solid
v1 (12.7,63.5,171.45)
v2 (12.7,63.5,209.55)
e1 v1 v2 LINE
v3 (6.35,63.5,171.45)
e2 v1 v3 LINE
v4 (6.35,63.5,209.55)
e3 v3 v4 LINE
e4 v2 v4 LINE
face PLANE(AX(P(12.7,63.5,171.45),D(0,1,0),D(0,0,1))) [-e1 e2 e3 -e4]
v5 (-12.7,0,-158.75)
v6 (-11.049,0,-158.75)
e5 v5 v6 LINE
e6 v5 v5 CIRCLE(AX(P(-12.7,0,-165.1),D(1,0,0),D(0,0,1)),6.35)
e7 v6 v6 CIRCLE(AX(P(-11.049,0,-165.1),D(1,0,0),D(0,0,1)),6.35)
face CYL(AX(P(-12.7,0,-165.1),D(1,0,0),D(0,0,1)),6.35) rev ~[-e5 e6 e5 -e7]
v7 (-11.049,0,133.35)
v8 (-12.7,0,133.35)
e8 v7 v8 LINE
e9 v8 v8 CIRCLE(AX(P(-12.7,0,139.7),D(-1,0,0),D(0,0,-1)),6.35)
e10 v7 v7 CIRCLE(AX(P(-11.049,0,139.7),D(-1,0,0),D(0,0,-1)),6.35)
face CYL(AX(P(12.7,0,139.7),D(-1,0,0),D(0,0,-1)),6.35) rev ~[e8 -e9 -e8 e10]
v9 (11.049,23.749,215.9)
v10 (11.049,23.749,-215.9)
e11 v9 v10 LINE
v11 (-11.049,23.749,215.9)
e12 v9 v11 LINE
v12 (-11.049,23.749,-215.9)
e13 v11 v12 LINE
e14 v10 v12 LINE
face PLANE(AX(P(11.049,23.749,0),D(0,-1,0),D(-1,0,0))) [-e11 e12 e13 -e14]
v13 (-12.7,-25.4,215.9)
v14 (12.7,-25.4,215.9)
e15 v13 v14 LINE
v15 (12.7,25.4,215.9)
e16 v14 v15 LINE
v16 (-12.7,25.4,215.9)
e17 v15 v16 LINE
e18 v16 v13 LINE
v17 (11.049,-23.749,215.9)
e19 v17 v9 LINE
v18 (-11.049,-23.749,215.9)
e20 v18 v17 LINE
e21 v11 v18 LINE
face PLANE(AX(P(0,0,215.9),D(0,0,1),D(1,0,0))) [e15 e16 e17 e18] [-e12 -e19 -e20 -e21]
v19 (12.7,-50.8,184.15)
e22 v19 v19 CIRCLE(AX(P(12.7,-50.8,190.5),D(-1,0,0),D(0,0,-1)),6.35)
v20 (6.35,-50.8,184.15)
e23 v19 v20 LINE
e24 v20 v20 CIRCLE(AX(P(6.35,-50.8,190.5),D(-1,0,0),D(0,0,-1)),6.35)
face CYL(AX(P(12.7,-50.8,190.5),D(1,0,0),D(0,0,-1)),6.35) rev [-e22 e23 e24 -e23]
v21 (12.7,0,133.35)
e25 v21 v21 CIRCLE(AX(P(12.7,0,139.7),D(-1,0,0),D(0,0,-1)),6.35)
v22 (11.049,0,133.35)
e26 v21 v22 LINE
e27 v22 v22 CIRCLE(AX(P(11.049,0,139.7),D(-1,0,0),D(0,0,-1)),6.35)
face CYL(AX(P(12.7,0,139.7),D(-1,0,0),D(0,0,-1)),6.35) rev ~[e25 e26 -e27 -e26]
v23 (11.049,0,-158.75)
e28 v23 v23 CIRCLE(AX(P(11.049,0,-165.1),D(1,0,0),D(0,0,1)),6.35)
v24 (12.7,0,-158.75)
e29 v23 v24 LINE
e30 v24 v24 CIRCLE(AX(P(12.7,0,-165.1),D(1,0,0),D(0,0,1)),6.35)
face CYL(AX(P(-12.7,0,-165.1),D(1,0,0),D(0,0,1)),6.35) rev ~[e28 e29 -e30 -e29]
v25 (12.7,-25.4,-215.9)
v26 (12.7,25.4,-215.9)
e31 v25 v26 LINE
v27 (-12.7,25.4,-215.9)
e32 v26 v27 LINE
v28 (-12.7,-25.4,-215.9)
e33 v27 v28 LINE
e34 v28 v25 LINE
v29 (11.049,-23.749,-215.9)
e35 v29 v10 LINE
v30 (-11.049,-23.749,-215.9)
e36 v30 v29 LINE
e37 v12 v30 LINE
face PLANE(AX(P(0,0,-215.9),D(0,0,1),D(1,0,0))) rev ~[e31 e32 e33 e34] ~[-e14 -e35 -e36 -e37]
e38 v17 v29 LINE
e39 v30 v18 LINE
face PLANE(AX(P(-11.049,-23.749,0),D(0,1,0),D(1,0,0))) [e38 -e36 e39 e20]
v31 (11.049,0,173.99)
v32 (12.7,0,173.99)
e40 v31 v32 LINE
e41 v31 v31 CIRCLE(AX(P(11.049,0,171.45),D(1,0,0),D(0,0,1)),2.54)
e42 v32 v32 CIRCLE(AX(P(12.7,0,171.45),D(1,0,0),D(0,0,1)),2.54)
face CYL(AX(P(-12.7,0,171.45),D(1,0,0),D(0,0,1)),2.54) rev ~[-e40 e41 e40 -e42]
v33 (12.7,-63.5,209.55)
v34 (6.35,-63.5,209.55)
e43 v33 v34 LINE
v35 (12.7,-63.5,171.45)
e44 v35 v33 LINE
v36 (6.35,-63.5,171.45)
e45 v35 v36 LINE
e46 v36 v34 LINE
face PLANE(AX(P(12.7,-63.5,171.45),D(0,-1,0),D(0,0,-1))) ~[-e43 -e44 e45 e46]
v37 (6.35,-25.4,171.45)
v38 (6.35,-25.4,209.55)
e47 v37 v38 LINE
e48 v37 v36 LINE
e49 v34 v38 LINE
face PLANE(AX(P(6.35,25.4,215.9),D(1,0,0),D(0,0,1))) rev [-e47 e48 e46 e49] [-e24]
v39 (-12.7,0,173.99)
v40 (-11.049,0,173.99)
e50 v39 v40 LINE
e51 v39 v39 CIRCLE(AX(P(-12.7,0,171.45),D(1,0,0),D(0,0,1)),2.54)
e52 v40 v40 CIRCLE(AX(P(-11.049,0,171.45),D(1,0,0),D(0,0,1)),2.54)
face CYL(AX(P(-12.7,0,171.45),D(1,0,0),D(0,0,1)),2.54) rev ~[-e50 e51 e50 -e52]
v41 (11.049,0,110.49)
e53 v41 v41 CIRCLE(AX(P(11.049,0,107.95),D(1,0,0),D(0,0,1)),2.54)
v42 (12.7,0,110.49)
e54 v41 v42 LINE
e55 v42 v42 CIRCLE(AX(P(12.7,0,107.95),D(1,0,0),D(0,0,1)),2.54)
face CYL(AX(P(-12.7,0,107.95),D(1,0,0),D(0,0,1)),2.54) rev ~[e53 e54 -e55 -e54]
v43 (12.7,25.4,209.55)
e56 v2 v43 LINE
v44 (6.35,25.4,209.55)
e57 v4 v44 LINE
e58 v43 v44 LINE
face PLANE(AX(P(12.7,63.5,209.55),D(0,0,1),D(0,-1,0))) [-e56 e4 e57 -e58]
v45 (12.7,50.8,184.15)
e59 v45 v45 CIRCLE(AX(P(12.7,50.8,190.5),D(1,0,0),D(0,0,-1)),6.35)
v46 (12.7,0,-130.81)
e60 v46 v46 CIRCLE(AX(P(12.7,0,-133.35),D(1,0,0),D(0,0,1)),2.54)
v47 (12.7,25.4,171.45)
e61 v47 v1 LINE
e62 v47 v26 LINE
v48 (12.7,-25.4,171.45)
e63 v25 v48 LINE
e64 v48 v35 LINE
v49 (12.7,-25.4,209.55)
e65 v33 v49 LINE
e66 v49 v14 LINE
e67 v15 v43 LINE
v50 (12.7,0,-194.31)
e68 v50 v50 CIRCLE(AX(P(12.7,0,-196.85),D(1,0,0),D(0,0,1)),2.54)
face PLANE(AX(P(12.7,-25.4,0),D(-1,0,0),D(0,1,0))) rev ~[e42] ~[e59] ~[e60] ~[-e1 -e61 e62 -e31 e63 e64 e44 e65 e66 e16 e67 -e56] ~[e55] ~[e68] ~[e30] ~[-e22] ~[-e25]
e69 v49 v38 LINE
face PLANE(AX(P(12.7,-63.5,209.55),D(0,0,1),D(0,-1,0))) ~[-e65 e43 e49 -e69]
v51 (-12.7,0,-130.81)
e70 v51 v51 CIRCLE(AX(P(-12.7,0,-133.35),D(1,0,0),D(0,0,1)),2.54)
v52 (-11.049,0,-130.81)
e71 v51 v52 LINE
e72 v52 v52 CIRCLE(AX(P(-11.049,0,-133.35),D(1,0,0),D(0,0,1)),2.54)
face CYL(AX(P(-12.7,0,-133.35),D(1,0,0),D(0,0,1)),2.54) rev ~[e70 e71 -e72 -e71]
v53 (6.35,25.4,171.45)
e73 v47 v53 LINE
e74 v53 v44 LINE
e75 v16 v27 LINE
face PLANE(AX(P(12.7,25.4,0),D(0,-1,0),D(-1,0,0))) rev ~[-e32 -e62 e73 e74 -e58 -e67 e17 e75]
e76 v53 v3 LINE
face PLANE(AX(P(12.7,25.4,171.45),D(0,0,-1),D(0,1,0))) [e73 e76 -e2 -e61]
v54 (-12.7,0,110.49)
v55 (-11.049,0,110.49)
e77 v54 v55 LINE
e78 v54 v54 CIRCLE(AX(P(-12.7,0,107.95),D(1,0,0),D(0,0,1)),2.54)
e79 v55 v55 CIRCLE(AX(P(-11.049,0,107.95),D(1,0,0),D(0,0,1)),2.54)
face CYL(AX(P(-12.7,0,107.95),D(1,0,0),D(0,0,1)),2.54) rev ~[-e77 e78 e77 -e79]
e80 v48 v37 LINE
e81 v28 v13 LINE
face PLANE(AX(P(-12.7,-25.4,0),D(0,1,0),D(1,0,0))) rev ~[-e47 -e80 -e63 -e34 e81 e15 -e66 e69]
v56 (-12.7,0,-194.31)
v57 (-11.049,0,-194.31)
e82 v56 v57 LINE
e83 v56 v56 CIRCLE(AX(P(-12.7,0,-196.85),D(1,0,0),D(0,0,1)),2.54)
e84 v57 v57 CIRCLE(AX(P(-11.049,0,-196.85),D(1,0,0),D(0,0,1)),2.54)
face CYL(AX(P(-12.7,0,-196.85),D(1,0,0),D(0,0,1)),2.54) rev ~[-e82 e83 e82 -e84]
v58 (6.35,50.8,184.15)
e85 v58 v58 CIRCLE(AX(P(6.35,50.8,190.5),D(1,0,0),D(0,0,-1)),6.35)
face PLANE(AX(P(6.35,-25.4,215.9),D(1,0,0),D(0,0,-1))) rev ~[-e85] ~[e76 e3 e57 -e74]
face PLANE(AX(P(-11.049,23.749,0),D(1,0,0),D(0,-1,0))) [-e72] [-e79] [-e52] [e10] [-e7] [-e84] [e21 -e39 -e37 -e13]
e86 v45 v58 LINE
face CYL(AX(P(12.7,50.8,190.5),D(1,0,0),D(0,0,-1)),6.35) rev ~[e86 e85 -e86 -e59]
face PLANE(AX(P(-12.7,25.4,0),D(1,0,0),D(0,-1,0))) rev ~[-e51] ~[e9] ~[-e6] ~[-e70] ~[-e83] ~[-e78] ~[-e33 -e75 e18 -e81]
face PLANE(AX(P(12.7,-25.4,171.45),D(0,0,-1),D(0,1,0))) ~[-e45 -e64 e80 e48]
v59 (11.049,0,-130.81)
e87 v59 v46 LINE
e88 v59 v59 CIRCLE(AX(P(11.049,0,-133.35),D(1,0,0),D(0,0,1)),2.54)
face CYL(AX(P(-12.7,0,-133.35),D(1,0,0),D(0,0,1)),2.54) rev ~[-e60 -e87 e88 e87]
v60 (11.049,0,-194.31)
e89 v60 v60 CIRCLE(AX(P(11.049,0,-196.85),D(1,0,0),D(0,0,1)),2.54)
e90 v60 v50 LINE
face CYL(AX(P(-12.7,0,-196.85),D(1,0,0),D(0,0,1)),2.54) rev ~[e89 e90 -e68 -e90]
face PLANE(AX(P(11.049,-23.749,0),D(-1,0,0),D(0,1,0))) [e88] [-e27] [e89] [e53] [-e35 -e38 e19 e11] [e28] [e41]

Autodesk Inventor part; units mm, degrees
ref_plane "XY Plane" through (0, 0, 0) normal (0, 0, 1) x (1, 0, 0)
sketch "Sketch1" plane through (0, 0, 0) normal (0, 0, 1) x (1, 0, 0)
  line L0 (-12.7, -25.4) -> (12.7, -25.4)
  line L1 (12.7, -25.4) -> (12.7, 25.4)
  line L2 (12.7, 25.4) -> (-12.7, 25.4)
  line L3 (-12.7, 25.4) -> (-12.7, -25.4)
  line L4 (-12.7, -25.4) -> (12.7, 25.4) construction
  line L5 (12.7, -25.4) -> (-12.7, 25.4) construction
  line L6 (-11.049, -23.749) -> (11.049, -23.749)
  line L7 (11.049, -23.749) -> (11.049, 23.749)
  line L8 (11.049, 23.749) -> (-11.049, 23.749)
  line L9 (-11.049, 23.749) -> (-11.049, -23.749)
  line L10 (-11.049, -23.749) -> (11.049, 23.749) construction
  line L11 (11.049, -23.749) -> (-11.049, 23.749) construction
  point P0 (0, 0)
  dimension "d0" = 25.4
  dimension "d1" = 50.8
  dimension "d4" = 22.098
  dimension "d5" = 47.498
extrude "Extrusion2" add sketch "Sketch1" along normal mid plane 431.8
sketch "Sketch2" plane through (12.7, -25.4, 215.9) normal (1, 0, 0) x (0, 0, -1)
  line L0 (431.8, 50.8) -> (0, 50.8) projected
  line L1 (0, 0) -> (0, 50.8) projected
  line L2 (431.8, 0) -> (0, 0) projected
  line L3 (431.8, 50.8) -> (431.8, 0) projected
  point P0 (215.9, 25.4)
  point P1 (76.2, 25.4)
  dimension "d8" = 76.2
  dimension "d9" = 25.4
hole "Hole1" at (12.7, 0, 139.7) direction (-1, 0, 0) diameter 12.7 end through all
ref_plane "Work Plane1" through (-12.7, -25.4, 215.9) normal (-1, 0, 0) x (0, 0, 1)
ref_plane "Work Plane2" through (12.7, -25.4, 215.9) normal (-1, 0, 0) x (0, 0, 1)
sketch "Sketch4" plane through (-12.7, -25.4, 215.9) normal (-1, 0, 0) x (0, 0, 1)
  circle A0 centre (-76.2, 25.4) radius 6.35 projected
  line L0 (0, 0) -> (-431.8, 0) projected
  line L1 (0, 50.8) -> (0, 0) projected
  line L2 (-431.8, 50.8) -> (0, 50.8) projected
  line L3 (-431.8, 0) -> (-431.8, 50.8) projected
  point P0 (-215.9, 25.4)
  point P1 (-381, 25.4)
  dimension "d29" = 50.8
  dimension "d30" = 25.4
hole "Hole3" at (-12.7, 0, -165.1) direction (1, 0, 0) diameter 12.7 end through all
sketch "Sketch5" plane through (-12.7, -25.4, 215.9) normal (-1, 0, 0) x (0, 0, 1)
  circle A0 centre (-381, 25.4) radius 6.35 projected
  circle A1 centre (-76.2, 25.4) radius 6.35 projected
  line L0 (0, 0) -> (-431.8, 0) projected
  line L1 (0, 50.8) -> (0, 0) projected
  line L2 (-431.8, 50.8) -> (0, 50.8) projected
  line L3 (-431.8, 0) -> (-431.8, 50.8) projected
  point P0 (-215.9, 25.4)
  point P1 (-412.75, 25.4)
  point P2 (-349.25, 25.4)
  dimension "d38" = 31.75
  dimension "d39" = 63.5
hole "Hole4" at (-12.7, 0, -133.35) at (-12.7, 0, -196.85) direction (1, 0, 0) diameter 5.08 end through all
ref_plane "Work Plane3" through (-12.7, 25.4, 215.9) normal (0, 1, 0) x (1, 0, 0)
sketch "Sketch6" plane through (12.7, -25.4, 215.9) normal (1, 0, 0) x (0, 0, -1)
  circle A0 centre (412.75, 25.4) radius 2.54 projected
  circle A1 centre (349.25, 25.4) radius 2.54 projected
  circle A2 centre (381, 25.4) radius 6.35 projected
  circle A3 centre (76.2, 25.4) radius 6.35 projected
  line L0 (431.8, 50.8) -> (0, 50.8) projected
  line L1 (0, 0) -> (0, 50.8) projected
  line L2 (431.8, 0) -> (0, 0) projected
  line L3 (431.8, 50.8) -> (431.8, 0) projected
  circle A4 centre (25.4, 76.2) radius 6.35
  line L4 (6.35, 50.8) -> (44.45, 50.8)
  line L5 (44.45, 50.8) -> (44.45, 88.9)
  line L6 (44.45, 88.9) -> (6.35, 88.9)
  line L7 (6.35, 88.9) -> (6.35, 50.8)
  point P0 (215.9, 25.4)
  dimension "d48" = 12.7
  dimension "d49" = 25.4
  dimension "d50" = 25.4
  dimension "d51" = 38.1
  dimension "d52" = 38.1
  dimension "d53" = 19.05
extrude "Extrusion3" add sketch "Sketch6" against normal blind 6.35 contours L0 L7 L6 L5
mirror "Mirror2" about plane through (0, 0, 0) normal (0, 1, 0) of "Extrusion3"
pattern_linear "Rectangular Pattern1" count 2 spacing 304.8 along (0, 0, 1) of "Hole4"
properties part number "Steel 4130 1x2in. Tubing, t=.065in.,L=22in." material "Steel"
